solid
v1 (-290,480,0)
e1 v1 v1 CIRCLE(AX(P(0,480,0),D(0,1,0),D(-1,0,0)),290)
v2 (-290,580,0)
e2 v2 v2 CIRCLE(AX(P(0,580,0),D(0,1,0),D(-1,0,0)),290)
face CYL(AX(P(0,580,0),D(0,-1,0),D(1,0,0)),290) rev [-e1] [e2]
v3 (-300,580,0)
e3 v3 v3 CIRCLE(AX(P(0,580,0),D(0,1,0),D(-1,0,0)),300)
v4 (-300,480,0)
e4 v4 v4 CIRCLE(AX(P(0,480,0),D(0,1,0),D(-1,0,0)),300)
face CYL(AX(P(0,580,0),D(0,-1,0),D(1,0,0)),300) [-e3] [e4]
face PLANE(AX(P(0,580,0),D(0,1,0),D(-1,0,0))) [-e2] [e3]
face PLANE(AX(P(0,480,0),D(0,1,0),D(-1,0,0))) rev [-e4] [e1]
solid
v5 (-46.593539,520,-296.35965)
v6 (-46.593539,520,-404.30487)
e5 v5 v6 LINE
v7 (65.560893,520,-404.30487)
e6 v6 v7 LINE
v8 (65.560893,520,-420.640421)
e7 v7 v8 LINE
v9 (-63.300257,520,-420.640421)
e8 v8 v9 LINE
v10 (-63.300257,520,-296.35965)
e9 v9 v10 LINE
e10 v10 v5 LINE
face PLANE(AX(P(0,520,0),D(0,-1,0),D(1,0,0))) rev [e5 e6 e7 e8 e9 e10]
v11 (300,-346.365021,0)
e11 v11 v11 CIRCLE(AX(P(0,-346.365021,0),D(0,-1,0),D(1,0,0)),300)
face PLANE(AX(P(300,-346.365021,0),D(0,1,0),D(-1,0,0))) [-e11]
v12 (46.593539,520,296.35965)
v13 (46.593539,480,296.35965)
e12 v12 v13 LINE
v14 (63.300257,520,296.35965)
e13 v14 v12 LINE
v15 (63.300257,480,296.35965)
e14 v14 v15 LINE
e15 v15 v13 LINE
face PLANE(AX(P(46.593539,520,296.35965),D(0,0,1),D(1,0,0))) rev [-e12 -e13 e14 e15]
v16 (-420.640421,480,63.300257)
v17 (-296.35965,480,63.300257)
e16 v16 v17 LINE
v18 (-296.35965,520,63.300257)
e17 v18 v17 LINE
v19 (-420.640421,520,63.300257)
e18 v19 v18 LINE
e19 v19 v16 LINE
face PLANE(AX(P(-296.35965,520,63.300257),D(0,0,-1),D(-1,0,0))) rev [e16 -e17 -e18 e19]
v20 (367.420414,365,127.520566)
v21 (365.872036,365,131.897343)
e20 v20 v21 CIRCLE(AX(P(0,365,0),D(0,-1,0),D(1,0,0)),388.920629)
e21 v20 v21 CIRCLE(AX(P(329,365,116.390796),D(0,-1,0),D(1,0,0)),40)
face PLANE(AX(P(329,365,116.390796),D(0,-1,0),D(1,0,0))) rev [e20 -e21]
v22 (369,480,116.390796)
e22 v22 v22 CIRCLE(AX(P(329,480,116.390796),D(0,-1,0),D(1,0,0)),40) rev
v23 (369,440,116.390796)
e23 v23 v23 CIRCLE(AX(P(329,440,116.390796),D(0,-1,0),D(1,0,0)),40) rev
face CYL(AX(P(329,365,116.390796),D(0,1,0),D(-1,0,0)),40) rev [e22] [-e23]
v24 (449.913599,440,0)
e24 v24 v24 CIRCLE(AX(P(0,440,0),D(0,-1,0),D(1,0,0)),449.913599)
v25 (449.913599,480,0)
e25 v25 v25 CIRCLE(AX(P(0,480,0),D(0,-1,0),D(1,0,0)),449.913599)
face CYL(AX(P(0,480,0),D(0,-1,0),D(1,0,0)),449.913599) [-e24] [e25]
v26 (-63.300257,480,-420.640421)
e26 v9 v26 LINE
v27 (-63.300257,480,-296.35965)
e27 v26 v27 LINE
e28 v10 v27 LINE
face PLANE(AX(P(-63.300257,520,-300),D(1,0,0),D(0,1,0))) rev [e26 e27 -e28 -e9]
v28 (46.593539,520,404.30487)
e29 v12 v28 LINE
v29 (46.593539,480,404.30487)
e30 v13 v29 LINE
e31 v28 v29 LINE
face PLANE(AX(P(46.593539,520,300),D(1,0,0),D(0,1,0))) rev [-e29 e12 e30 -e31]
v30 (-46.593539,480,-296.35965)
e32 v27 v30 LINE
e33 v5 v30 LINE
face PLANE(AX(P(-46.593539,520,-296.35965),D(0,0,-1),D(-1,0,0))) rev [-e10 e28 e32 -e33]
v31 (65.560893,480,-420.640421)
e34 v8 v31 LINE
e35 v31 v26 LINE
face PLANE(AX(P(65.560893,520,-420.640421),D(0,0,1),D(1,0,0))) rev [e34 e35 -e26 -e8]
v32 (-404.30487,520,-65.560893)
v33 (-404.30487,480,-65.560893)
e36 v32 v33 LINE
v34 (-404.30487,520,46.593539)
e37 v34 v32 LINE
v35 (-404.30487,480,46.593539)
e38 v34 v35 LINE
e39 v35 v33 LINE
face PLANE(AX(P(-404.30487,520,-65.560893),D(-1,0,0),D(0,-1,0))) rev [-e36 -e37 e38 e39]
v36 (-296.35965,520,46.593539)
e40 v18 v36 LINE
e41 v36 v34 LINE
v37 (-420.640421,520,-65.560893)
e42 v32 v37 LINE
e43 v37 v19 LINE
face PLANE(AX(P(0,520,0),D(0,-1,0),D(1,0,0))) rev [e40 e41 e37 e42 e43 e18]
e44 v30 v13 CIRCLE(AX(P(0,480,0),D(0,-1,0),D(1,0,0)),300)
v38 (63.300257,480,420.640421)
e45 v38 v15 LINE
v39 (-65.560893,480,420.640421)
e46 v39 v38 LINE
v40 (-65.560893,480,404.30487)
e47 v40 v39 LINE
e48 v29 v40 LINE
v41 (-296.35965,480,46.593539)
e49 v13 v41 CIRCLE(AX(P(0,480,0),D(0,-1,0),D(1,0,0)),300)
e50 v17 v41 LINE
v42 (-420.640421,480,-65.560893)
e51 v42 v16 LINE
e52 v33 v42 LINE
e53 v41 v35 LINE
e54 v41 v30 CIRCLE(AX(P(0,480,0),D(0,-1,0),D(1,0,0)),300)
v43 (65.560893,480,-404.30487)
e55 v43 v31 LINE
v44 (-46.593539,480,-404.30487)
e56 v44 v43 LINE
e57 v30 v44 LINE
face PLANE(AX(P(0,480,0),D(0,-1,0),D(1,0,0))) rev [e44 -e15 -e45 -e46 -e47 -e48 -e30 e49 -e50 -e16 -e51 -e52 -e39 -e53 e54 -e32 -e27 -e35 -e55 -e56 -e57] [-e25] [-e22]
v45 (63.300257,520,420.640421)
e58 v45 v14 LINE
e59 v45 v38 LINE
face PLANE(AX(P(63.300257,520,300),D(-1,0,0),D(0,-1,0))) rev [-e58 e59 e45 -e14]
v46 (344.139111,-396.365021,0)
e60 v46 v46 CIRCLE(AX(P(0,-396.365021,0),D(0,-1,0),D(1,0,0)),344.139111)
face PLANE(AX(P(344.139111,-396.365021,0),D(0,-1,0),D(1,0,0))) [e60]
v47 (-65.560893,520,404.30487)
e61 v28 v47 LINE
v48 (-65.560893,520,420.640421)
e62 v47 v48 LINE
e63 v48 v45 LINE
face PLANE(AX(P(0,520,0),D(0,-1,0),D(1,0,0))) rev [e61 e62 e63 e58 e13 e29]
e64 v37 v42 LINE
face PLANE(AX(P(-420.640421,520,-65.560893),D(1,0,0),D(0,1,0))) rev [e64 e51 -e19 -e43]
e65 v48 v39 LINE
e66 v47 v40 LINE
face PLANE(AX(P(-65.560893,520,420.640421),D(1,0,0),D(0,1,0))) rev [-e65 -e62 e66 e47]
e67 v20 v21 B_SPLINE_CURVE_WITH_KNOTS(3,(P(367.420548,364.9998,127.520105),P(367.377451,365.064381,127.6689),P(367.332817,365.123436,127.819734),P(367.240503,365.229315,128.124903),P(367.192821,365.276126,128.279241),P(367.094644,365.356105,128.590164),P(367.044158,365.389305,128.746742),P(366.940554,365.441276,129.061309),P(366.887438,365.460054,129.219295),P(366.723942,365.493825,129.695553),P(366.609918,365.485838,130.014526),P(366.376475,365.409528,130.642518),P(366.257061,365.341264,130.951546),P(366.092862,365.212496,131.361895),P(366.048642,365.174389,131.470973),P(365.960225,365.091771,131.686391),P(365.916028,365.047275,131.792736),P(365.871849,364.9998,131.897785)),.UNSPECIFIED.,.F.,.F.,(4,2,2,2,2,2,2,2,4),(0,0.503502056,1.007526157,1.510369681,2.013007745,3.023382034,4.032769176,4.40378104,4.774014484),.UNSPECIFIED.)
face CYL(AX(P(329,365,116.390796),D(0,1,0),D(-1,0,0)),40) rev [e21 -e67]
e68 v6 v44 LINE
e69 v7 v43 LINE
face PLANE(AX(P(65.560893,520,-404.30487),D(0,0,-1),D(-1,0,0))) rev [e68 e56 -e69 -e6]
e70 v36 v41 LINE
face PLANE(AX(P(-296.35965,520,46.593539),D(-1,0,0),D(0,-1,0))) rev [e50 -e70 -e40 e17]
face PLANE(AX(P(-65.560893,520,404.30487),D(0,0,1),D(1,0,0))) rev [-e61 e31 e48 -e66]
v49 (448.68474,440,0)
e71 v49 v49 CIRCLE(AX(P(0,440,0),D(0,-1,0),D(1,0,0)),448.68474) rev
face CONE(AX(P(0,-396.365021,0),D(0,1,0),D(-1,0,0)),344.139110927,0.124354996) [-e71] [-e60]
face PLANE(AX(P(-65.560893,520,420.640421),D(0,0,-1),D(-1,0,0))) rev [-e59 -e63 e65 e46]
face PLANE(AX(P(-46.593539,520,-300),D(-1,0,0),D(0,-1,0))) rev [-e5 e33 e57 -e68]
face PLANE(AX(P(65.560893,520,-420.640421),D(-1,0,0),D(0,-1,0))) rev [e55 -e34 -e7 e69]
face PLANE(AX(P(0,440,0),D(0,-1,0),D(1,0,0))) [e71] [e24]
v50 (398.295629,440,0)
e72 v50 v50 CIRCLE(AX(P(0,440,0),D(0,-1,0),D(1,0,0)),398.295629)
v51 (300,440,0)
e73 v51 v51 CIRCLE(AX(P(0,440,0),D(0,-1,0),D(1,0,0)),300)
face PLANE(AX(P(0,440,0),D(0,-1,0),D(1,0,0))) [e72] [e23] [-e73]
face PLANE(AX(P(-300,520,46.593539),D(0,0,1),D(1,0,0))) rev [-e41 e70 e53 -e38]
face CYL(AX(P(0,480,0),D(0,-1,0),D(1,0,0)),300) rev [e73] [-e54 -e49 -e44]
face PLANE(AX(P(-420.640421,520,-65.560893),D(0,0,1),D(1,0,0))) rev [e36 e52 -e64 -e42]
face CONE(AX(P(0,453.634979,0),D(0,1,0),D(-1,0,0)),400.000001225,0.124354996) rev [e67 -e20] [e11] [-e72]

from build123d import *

# Parameters (mm, degrees)
SKETCH8_R               = 449.913599191
SKETCH8_R_2             = 300
BOSS_EXTRUDE5_DEPTH     = 40
SKETCH9_R               = 300
SKETCH9_R_2             = 290
BOSS_EXTRUDE6_DEPTH     = 100
SKETCH11_R              = 40
CUT_EXTRUDE2_DEPTH      = 75
CUT_EXTRUDE2_DEPTH_BACK = 109
BOSS_EXTRUDE13_DEPTH    = 40


with BuildPart() as part:
    # Sketch2 → Revolve2 (revolve)
    with BuildSketch(Plane.XY):
        Polygon((300, -346.365021048), (400.000001225, 453.634978952), (449.613895127, 447.433242138), (344.139110927, -396.365021124), (0, -396.365021124), (0, -346.365021048), align=None)
    revolve(axis=Axis((0, -396.365021124, 0), (0, 1, 0)))

    # Sketch8 → Boss-Extrude5 (add)
    with BuildSketch(Plane(origin=(0, 440, 0), x_dir=(-1, 0, 0), z_dir=(0, -1, 0))):
        Circle(SKETCH8_R)
        Circle(SKETCH8_R_2, mode=Mode.SUBTRACT)
    extrude(amount=-BOSS_EXTRUDE5_DEPTH)

    # Sketch11 → Cut-Extrude2 (cut, two sides)
    with BuildSketch(Plane(origin=(0, 440, 0), x_dir=(-1, 0, 0), z_dir=(0, -1, 0))) as cut_extrude2_sk:
        with Locations((-329, -116.390796004)):
            Circle(SKETCH11_R)
    extrude(amount=CUT_EXTRUDE2_DEPTH, mode=Mode.SUBTRACT)
    extrude(cut_extrude2_sk.sketch, amount=-CUT_EXTRUDE2_DEPTH_BACK, mode=Mode.SUBTRACT)

    # Sketch12 → Boss-Extrude13 (add)
    with BuildSketch(Plane(origin=(0, 480, 0), x_dir=(1, 0, 0), z_dir=(0, 1, 0))):
        Polygon((-420.640420646, 65.560892628), (-420.640420646, -63.300257476), (-404.30487033, -63.300257476), (-300, -63.300257476), (-296.359650017, -63.300257476), (-296.359650017, -46.593538627), (-300, -46.593538627), (-404.30487033, -46.593538627), (-404.30487033, 65.560892628), align=None)
        Polygon((65.560892628, 420.640420646), (65.560892628, 404.30487033), (-46.593538627, 404.30487033), (-46.593538627, 300), (-46.593538627, 296.359650017), (-63.300257476, 296.359650017), (-63.300257476, 300), (-63.300257476, 404.30487033), (-63.300257476, 420.640420646), align=None)
        Polygon((46.593538627, -300), (46.593538627, -296.359650017), (63.300257476, -296.359650017), (63.300257476, -300), (63.300257476, -404.30487033), (63.300257476, -420.640420646), (-65.560892628, -420.640420646), (-65.560892628, -404.30487033), (46.593538627, -404.30487033), align=None)
    extrude(amount=BOSS_EXTRUDE13_DEPTH)


with BuildPart() as body_2:
    # Sketch9 → Boss-Extrude6 (new body)
    with BuildSketch(Plane(origin=(0, 480, 0), x_dir=(1, 0, 0), z_dir=(0, 1, 0))):
        Circle(SKETCH9_R)
        Circle(SKETCH9_R_2, mode=Mode.SUBTRACT)
    extrude(amount=BOSS_EXTRUDE6_DEPTH)


solid = Compound([part.part, body_2.part])
